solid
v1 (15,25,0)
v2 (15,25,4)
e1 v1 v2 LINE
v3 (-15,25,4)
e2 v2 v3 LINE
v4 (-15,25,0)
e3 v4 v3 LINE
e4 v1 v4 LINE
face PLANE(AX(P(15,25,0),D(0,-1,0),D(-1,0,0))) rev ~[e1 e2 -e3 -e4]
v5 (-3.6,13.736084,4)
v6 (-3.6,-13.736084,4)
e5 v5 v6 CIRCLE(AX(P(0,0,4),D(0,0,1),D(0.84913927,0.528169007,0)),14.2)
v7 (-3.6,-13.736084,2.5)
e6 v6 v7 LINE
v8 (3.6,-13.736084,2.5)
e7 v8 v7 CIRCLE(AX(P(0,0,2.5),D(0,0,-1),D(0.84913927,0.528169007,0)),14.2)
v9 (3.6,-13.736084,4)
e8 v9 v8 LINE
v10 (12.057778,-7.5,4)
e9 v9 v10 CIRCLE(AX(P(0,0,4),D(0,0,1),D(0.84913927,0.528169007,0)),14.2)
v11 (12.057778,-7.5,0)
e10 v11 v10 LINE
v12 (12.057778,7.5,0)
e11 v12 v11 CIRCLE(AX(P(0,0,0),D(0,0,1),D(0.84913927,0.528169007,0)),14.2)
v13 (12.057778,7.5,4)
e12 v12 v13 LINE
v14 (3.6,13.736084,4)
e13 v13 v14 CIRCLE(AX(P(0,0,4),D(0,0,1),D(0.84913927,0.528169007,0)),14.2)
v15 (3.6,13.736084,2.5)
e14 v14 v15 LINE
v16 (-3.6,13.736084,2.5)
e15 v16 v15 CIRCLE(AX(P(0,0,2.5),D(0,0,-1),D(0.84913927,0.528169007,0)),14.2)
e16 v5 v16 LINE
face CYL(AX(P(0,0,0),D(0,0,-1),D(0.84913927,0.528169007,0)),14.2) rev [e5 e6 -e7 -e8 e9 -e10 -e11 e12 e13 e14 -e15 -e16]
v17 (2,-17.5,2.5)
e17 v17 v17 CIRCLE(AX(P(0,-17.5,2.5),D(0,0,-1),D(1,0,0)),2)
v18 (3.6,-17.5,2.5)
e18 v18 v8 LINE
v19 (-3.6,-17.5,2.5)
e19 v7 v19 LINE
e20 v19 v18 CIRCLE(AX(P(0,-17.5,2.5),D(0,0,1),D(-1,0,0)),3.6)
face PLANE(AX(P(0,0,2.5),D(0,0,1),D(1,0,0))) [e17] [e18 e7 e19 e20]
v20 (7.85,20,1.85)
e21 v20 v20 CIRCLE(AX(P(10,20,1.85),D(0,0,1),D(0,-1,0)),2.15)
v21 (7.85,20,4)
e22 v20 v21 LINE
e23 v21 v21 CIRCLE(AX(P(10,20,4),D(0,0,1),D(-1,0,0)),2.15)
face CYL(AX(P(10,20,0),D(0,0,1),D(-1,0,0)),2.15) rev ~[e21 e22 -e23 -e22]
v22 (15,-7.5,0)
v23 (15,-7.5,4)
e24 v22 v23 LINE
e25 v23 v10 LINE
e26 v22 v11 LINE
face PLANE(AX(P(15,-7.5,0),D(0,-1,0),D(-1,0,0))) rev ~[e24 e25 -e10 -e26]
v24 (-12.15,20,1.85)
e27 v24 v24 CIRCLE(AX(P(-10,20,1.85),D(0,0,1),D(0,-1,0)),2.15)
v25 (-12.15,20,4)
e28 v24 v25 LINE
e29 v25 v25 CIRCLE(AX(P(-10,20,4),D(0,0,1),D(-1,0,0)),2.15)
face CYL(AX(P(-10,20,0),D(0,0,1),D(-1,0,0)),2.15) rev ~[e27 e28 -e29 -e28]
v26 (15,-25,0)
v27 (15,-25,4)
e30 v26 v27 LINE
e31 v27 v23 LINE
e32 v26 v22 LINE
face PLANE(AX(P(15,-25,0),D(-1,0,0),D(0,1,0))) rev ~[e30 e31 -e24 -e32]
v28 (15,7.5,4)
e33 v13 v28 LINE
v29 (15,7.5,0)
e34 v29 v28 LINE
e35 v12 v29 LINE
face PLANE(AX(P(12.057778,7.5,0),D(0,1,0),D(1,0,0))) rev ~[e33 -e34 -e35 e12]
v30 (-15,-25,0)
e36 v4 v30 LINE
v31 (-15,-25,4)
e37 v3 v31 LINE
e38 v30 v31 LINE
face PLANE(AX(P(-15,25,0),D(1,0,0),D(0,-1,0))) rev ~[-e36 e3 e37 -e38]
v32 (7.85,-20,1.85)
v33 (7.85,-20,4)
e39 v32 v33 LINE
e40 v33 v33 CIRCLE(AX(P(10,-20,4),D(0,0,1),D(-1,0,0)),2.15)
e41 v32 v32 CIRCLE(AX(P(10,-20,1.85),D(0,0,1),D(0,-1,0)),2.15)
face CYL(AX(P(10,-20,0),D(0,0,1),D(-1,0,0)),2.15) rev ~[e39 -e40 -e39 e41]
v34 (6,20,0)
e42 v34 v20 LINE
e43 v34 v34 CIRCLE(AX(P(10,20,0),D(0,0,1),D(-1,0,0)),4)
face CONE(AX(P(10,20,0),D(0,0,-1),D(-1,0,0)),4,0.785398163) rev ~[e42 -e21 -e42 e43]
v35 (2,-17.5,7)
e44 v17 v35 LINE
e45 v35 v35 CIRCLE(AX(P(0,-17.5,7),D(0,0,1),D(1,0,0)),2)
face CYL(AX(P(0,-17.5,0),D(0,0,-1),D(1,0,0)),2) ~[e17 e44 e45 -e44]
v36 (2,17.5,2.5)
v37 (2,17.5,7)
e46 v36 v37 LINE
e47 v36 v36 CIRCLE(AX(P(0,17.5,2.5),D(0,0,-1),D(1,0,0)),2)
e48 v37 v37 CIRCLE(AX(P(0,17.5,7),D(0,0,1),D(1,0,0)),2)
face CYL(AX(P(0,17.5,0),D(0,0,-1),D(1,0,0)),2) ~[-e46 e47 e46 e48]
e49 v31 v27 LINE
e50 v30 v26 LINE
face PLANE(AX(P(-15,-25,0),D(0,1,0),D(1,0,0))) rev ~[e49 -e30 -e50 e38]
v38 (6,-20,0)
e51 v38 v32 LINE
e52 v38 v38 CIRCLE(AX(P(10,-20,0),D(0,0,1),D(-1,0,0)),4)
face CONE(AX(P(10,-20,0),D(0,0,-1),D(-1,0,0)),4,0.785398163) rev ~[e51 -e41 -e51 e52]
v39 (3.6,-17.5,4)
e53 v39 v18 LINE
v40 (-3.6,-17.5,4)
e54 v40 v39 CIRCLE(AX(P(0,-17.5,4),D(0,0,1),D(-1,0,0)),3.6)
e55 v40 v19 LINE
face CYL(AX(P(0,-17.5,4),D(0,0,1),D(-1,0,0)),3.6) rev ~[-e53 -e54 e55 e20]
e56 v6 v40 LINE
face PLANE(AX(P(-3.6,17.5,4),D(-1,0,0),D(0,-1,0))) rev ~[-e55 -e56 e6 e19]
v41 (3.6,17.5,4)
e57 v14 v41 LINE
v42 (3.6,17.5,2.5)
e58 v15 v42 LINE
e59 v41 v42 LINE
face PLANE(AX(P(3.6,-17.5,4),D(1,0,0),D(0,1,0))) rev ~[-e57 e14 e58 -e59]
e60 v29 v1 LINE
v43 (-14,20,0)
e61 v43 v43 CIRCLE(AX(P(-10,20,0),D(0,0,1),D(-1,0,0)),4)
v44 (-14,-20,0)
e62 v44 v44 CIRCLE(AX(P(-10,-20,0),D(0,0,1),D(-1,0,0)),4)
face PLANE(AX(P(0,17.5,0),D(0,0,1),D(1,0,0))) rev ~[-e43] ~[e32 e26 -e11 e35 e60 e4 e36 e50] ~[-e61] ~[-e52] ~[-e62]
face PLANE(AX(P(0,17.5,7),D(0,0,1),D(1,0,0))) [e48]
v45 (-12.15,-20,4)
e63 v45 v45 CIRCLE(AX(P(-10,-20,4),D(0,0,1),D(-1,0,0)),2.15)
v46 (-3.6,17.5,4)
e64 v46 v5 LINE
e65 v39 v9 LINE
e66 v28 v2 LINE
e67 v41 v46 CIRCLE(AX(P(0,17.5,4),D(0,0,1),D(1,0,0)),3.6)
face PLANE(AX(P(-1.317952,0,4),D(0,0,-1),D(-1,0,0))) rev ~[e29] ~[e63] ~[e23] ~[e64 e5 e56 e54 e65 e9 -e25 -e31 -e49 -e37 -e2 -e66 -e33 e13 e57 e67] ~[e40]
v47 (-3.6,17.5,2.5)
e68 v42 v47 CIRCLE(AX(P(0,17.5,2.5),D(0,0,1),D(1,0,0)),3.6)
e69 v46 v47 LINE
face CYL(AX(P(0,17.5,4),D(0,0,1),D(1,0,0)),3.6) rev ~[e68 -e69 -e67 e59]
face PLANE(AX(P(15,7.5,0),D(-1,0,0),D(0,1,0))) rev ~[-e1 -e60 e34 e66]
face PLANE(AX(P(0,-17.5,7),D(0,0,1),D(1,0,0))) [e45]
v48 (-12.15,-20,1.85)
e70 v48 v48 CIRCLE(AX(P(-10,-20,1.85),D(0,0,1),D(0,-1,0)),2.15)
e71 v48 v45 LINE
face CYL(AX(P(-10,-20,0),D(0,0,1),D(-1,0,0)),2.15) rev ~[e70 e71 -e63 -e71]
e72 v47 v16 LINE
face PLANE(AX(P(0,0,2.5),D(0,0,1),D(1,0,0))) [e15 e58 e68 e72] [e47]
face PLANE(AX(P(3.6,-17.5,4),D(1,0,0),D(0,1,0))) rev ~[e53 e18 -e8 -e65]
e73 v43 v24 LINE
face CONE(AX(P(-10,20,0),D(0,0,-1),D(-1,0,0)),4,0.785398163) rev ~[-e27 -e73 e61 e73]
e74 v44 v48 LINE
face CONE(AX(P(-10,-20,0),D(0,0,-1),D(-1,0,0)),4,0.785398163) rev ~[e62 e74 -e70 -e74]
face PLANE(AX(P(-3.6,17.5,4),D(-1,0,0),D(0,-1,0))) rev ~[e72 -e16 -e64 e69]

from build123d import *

# Parameters (mm, degrees)
PAD_DEPTH        = 4
POCKET_DEPTH     = 1.5
SKETCH003_R      = 2
PAD001_DEPTH     = 7
HOLE_D           = 4.3
HOLE_DEPTH       = 25
HOLE_CSINK_D     = 8
HOLE_CSINK_ANGLE = 90


with BuildPart() as part:
    # Sketch → Pad (new body)
    with BuildSketch(Plane.XY):
        with BuildLine():
            ThreePointArc((12.057778, 7.5), (-14.2, 0), (12.057778, -7.5))
            Line((15, -7.5), (12.057778, -7.5))
            Line((15, -25), (15, -7.5))
            Line((-15, -25), (15, -25))
            Line((-15, 25), (-15, -25))
            Line((15, 25), (-15, 25))
            Line((15, 7.5), (15, 25))
            Line((12.057778, 7.5), (15, 7.5))
        make_face()
    extrude(amount=PAD_DEPTH)

    # Sketch002 → Pocket (cut)
    with BuildSketch(Plane.XY.offset(4)):
        with BuildLine():
            ThreePointArc((3.6, 17.5), (0, 21.1), (-3.6, 17.5))
            Line((-3.6, 17.5), (-3.6, -17.5))
            ThreePointArc((-3.6, -17.5), (0, -21.1), (3.6, -17.5))
            Line((3.6, -17.5), (3.6, 17.5))
        make_face()
    extrude(amount=-POCKET_DEPTH, mode=Mode.SUBTRACT)

    # Sketch003 → Pad001 (join)
    with BuildSketch(Plane.XY):
        with Locations((0, 17.5)):
            Circle(SKETCH003_R)
        with Locations((0, -17.5)):
            Circle(SKETCH003_R)
    extrude(amount=PAD001_DEPTH)

    # Hole
    with Locations(Plane(origin=(0, 0, 0), x_dir=(1, 0, 0), z_dir=(0, 0, -1))):
        with Locations((-10, -20), (10, -20), (10, 20), (-10, 20)):
            CounterSinkHole(HOLE_D / 2, HOLE_CSINK_D / 2, depth=HOLE_DEPTH, counter_sink_angle=HOLE_CSINK_ANGLE)


solid = part.part
